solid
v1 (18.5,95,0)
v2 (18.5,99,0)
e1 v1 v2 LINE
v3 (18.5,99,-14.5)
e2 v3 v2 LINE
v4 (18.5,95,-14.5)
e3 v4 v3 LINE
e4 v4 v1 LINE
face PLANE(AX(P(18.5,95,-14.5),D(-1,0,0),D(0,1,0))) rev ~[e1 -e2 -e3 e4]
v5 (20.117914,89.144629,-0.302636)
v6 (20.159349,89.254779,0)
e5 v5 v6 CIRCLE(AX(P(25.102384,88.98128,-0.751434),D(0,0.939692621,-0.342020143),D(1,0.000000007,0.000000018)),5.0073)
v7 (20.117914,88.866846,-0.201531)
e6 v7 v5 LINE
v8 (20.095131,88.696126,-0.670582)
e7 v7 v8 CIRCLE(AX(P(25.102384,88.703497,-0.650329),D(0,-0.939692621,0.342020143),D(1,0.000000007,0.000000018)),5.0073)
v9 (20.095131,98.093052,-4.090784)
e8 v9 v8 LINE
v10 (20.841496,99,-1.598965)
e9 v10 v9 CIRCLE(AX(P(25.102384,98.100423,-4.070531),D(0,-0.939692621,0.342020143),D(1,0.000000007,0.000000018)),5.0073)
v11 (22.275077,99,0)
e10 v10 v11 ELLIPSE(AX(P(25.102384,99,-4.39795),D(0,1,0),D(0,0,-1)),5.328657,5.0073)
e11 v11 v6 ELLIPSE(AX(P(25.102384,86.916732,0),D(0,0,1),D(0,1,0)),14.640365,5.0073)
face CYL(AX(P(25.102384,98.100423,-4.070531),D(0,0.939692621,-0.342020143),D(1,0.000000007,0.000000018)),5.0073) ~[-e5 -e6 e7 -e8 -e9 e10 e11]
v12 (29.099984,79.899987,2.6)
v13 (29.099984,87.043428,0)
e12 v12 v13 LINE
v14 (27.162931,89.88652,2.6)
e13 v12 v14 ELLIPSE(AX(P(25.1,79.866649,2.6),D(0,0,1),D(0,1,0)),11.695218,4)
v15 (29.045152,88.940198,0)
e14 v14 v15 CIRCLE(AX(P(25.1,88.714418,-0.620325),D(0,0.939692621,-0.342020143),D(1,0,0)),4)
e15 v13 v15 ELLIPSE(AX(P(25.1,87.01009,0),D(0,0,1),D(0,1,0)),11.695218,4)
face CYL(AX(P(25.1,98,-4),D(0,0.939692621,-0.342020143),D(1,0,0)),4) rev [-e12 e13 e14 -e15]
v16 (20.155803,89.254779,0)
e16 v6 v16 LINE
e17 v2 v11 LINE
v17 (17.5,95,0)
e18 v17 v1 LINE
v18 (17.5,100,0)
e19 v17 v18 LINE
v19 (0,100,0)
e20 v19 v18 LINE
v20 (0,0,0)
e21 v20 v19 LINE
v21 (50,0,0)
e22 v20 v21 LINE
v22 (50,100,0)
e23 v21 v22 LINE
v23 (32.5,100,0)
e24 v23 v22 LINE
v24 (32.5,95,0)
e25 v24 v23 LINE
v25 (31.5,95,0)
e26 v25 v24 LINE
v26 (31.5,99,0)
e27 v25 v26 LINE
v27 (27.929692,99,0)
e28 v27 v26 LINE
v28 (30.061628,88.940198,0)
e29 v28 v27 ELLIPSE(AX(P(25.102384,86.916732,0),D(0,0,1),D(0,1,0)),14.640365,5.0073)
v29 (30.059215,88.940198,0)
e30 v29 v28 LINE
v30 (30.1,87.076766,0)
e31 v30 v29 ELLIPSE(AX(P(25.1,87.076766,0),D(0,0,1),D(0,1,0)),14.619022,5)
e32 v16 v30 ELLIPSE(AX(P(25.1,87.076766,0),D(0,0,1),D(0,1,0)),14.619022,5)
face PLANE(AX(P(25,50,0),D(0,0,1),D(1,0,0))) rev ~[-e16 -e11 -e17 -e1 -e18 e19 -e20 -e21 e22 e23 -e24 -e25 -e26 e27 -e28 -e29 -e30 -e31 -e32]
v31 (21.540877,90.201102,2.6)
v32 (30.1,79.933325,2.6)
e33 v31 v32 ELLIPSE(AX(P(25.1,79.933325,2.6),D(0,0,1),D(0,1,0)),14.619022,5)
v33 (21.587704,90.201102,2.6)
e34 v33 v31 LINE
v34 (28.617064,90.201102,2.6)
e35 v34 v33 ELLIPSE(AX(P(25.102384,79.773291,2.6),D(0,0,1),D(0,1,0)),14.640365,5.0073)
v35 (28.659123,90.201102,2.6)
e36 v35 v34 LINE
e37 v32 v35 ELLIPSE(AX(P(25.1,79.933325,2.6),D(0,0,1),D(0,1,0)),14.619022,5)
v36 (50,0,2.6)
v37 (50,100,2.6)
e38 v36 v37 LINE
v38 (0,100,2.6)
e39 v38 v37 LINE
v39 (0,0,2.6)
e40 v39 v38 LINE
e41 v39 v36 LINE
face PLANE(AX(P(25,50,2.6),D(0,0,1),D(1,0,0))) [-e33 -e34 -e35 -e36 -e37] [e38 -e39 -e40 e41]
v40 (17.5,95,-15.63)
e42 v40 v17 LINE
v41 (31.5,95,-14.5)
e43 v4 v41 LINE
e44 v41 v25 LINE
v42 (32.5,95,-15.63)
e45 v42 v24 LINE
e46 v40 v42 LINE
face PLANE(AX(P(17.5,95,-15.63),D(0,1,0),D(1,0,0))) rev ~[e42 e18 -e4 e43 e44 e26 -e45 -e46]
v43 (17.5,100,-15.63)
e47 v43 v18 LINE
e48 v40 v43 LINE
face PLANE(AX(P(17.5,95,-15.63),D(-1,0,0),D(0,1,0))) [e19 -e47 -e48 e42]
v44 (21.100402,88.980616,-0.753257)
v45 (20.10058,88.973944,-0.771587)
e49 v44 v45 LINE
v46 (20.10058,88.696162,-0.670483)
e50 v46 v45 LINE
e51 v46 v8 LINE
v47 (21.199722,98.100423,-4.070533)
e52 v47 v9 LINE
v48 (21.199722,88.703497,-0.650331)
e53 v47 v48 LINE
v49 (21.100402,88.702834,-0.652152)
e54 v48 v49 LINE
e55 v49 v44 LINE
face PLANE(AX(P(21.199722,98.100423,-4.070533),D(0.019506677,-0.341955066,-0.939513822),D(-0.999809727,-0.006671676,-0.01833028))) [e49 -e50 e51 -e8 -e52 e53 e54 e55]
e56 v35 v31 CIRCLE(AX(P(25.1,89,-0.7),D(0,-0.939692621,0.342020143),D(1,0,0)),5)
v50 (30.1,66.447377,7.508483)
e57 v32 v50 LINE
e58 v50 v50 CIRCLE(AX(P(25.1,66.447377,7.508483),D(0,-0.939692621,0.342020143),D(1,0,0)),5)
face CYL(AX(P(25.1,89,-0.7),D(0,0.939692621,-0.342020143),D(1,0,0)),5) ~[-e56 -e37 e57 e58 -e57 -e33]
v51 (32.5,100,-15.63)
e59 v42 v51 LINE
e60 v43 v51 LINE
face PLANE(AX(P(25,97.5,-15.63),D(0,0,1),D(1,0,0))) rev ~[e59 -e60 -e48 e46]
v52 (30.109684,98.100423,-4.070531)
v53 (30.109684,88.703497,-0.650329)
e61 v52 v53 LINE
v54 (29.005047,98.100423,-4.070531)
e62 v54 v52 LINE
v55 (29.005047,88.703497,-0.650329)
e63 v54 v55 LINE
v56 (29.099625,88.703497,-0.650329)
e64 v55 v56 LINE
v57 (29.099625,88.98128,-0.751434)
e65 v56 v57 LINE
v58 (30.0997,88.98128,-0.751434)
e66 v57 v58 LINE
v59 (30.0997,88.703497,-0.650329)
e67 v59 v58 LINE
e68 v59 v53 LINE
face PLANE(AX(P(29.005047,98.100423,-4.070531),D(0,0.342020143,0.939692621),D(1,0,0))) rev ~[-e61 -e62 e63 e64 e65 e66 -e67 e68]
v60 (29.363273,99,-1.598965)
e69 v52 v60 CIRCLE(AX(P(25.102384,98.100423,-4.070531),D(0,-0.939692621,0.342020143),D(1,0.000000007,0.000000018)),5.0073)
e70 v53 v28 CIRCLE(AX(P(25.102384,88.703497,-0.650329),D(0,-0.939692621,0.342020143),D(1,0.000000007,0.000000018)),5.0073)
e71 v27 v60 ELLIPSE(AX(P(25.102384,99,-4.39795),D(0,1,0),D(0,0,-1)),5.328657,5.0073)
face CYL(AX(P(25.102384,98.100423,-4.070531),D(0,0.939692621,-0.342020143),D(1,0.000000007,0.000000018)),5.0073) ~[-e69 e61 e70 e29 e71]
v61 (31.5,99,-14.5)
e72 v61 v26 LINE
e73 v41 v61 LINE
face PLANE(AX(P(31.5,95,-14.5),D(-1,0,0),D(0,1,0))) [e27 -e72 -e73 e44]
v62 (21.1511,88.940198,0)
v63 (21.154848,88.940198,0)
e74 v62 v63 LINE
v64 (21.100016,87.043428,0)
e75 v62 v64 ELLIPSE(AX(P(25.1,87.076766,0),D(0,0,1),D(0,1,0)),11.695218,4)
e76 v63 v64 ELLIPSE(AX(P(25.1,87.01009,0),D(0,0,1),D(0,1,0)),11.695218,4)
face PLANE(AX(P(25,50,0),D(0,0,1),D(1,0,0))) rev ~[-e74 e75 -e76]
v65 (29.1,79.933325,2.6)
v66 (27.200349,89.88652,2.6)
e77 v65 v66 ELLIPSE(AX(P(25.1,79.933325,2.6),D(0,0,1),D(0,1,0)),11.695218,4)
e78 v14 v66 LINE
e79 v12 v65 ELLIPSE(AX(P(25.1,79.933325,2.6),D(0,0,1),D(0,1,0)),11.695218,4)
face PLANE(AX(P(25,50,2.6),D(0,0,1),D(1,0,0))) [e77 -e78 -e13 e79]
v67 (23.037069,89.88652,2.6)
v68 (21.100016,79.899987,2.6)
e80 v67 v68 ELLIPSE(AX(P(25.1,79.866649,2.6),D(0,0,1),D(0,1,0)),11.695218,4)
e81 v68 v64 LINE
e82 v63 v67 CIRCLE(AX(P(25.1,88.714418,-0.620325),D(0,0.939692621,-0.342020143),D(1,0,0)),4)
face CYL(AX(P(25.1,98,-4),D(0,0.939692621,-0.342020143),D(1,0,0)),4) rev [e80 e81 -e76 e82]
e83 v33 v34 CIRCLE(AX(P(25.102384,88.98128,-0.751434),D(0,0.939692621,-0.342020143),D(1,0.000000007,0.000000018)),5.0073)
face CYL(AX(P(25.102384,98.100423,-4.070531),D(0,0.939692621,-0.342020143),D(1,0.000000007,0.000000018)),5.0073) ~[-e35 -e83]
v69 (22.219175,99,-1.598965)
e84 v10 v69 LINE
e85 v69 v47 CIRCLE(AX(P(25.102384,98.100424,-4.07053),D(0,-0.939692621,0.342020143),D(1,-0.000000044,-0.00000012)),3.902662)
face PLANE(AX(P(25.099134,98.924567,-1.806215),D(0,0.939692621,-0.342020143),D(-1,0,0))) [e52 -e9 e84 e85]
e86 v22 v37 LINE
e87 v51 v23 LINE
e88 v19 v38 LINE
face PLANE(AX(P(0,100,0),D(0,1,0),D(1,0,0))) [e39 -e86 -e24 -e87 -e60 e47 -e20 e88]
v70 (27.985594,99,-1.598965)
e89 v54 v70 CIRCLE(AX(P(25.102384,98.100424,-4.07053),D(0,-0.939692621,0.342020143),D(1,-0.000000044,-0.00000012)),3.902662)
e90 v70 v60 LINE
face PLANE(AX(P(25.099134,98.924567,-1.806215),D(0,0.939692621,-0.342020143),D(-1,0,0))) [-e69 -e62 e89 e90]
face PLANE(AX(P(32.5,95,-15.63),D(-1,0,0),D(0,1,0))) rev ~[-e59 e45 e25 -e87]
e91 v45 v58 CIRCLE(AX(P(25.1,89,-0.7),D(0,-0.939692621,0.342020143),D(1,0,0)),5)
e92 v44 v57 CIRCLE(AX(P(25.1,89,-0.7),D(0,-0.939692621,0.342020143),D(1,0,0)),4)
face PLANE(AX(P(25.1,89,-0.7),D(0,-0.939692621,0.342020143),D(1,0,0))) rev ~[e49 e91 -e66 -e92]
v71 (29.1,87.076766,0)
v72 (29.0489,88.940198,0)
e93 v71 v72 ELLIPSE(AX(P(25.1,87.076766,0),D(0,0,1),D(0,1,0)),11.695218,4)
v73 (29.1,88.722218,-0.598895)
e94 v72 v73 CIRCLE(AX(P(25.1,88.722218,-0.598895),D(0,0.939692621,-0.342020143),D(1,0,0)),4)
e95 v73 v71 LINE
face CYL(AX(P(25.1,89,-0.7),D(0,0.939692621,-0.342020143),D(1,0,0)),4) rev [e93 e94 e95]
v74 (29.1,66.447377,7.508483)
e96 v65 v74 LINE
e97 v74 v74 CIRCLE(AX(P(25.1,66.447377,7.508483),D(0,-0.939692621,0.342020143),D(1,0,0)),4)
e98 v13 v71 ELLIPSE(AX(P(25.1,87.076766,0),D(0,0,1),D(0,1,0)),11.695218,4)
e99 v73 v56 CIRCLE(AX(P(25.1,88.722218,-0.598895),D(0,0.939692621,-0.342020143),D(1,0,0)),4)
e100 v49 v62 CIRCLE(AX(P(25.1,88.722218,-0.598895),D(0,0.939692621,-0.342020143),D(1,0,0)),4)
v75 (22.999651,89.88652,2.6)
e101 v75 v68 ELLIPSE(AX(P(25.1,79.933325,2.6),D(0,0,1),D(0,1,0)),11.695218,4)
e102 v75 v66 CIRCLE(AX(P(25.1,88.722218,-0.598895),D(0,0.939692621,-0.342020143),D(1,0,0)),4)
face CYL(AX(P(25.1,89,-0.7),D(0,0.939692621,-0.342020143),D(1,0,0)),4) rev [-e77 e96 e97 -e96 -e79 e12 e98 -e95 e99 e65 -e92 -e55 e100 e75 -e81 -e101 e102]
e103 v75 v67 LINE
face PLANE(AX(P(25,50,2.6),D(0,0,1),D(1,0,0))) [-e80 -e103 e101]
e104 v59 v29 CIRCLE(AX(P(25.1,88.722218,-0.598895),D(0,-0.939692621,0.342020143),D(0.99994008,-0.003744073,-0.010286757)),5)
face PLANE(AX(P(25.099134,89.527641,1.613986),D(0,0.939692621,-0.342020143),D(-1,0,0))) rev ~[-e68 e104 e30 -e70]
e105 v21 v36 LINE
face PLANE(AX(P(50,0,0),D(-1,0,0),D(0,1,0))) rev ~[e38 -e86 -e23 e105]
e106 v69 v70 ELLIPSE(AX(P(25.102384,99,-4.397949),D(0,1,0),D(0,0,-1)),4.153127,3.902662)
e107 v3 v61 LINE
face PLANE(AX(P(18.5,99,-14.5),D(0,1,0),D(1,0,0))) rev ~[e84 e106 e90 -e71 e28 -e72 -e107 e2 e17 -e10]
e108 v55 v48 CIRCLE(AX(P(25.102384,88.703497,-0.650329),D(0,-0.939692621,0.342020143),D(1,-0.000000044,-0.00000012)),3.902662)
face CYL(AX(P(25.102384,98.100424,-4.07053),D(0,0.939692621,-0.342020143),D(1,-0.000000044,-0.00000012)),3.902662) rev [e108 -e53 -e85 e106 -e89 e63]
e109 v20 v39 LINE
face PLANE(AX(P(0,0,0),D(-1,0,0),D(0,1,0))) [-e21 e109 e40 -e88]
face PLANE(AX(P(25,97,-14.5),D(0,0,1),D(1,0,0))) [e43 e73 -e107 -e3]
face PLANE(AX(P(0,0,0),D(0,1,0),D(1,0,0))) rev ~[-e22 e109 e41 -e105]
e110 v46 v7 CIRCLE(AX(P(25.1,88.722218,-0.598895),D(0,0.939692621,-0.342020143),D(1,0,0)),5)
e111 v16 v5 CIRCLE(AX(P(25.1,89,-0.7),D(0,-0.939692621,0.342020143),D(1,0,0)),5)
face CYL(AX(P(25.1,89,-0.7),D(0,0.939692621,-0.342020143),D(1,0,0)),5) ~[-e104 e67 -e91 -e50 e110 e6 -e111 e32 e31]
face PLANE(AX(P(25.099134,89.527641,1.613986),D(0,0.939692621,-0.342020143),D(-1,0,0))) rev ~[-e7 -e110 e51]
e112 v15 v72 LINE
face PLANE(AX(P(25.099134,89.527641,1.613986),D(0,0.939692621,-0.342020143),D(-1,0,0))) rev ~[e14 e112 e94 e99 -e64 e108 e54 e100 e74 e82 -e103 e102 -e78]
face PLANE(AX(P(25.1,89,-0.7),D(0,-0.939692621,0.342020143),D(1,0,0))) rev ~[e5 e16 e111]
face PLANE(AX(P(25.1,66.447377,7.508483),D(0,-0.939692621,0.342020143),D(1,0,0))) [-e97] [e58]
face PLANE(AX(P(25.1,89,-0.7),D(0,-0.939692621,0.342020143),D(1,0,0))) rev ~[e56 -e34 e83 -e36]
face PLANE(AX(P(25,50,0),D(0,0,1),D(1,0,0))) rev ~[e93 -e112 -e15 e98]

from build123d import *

# Parameters (mm, degrees)
TUBE_R                   = 5
TUBE_R_2                 = 4
TUBE_DEPTH               = 24
TUBE_PLACEMENT_ANGLE     = 70
BOX002_W                 = 13
BOX002_H                 = 4
BOX002_DEPTH             = 16
BOX001_W                 = 15
BOX001_H                 = 5
BOX001_DEPTH             = 18
CYLINDER_R               = 4
CYLINDER_DEPTH           = 35
CYLINDER_PLACEMENT_ANGLE = 70
BOX_W                    = 50
BOX_H                    = 100
BOX_DEPTH                = 2.6
EXTRUDE_DEPTH            = 10
EXTRUDE_PLACEMENT_ANGLE  = 70


with BuildPart() as tube:
    # Tube → Tube (new body)
    with BuildSketch(Plane.XY):
        Circle(TUBE_R)
        Circle(TUBE_R_2, mode=Mode.SUBTRACT)
    extrude(amount=TUBE_DEPTH)


with BuildPart() as tube_1:
    # Tube placement: moved
    add(tube.part.moved(Location((25.1, 89, -0.7))).rotate(Axis((25.1, 89, -0.7), (1, 0, 0)), TUBE_PLACEMENT_ANGLE))


with BuildPart() as cube002:
    # Box002 → Box002 (new body)
    with BuildSketch(Plane(origin=(18.5, 45, -6), x_dir=(1, 0, 0), z_dir=(0, 0, 1))):
        with Locations((6.5, 2)):
            Rectangle(BOX002_W, BOX002_H)
    extrude(amount=BOX002_DEPTH)


with BuildPart() as cut001:
    # Box001 → Box001 (new body)
    with BuildSketch(Plane(origin=(17.5, 45, -7.13), x_dir=(1, 0, 0), z_dir=(0, 0, 1))):
        with Locations((7.5, 2.5)):
            Rectangle(BOX001_W, BOX001_H)
    extrude(amount=BOX001_DEPTH)

    # Cut001: cut Cube002
    add(cube002.part, mode=Mode.SUBTRACT)


with BuildPart() as cut001_1:
    # Cut001 placement: moved
    add(cut001.part.moved(Location((0, 50, -8.5))))


with BuildPart() as cylinder:
    # Cylinder → Cylinder (new body)
    with BuildSketch(Plane.XY):
        Circle(CYLINDER_R)
    extrude(amount=CYLINDER_DEPTH)


with BuildPart() as cylinder_1:
    # Cylinder placement: moved
    add(cylinder.part.moved(Location((25.1, 98, -4))).rotate(Axis((25.1, 98, -4), (1, 0, 0)), CYLINDER_PLACEMENT_ANGLE))


with BuildPart() as cut:
    # Box → Box (new body)
    with BuildSketch(Plane.XY):
        with Locations((25, 50)):
            Rectangle(BOX_W, BOX_H)
    extrude(amount=BOX_DEPTH)

    # Cut: cut Cylinder
    add(cylinder_1.part, mode=Mode.SUBTRACT)


with BuildPart() as fusion:
    # Sketch → Extrude (new body)
    with BuildSketch(Plane.XY):
        with BuildLine():
            ThreePointArc((29.005047, 25.145956), (25.102383, 29.048619), (21.199722, 25.145954))
            Line((21.199722, 25.145954), (20.095131, 25.124403))
            ThreePointArc((30.109684, 25.145956), (25.091608, 30.153244), (20.095131, 25.124403))
            Line((29.005047, 25.145956), (30.109684, 25.145956))
        make_face()
    extrude(amount=EXTRUDE_DEPTH)


with BuildPart() as fusion_1:
    # Extrude placement: moved
    add(fusion.part.moved(Location((0, 89.5, -27.7))).rotate(Axis((0, 89.5, -27.7), (1, 0, 0)), EXTRUDE_PLACEMENT_ANGLE))

    # Fusion: union Tube, Cut001, Cut
    add(tube_1.part)
    add(cut001_1.part)
    add(cut.part)


solid = fusion_1.part
